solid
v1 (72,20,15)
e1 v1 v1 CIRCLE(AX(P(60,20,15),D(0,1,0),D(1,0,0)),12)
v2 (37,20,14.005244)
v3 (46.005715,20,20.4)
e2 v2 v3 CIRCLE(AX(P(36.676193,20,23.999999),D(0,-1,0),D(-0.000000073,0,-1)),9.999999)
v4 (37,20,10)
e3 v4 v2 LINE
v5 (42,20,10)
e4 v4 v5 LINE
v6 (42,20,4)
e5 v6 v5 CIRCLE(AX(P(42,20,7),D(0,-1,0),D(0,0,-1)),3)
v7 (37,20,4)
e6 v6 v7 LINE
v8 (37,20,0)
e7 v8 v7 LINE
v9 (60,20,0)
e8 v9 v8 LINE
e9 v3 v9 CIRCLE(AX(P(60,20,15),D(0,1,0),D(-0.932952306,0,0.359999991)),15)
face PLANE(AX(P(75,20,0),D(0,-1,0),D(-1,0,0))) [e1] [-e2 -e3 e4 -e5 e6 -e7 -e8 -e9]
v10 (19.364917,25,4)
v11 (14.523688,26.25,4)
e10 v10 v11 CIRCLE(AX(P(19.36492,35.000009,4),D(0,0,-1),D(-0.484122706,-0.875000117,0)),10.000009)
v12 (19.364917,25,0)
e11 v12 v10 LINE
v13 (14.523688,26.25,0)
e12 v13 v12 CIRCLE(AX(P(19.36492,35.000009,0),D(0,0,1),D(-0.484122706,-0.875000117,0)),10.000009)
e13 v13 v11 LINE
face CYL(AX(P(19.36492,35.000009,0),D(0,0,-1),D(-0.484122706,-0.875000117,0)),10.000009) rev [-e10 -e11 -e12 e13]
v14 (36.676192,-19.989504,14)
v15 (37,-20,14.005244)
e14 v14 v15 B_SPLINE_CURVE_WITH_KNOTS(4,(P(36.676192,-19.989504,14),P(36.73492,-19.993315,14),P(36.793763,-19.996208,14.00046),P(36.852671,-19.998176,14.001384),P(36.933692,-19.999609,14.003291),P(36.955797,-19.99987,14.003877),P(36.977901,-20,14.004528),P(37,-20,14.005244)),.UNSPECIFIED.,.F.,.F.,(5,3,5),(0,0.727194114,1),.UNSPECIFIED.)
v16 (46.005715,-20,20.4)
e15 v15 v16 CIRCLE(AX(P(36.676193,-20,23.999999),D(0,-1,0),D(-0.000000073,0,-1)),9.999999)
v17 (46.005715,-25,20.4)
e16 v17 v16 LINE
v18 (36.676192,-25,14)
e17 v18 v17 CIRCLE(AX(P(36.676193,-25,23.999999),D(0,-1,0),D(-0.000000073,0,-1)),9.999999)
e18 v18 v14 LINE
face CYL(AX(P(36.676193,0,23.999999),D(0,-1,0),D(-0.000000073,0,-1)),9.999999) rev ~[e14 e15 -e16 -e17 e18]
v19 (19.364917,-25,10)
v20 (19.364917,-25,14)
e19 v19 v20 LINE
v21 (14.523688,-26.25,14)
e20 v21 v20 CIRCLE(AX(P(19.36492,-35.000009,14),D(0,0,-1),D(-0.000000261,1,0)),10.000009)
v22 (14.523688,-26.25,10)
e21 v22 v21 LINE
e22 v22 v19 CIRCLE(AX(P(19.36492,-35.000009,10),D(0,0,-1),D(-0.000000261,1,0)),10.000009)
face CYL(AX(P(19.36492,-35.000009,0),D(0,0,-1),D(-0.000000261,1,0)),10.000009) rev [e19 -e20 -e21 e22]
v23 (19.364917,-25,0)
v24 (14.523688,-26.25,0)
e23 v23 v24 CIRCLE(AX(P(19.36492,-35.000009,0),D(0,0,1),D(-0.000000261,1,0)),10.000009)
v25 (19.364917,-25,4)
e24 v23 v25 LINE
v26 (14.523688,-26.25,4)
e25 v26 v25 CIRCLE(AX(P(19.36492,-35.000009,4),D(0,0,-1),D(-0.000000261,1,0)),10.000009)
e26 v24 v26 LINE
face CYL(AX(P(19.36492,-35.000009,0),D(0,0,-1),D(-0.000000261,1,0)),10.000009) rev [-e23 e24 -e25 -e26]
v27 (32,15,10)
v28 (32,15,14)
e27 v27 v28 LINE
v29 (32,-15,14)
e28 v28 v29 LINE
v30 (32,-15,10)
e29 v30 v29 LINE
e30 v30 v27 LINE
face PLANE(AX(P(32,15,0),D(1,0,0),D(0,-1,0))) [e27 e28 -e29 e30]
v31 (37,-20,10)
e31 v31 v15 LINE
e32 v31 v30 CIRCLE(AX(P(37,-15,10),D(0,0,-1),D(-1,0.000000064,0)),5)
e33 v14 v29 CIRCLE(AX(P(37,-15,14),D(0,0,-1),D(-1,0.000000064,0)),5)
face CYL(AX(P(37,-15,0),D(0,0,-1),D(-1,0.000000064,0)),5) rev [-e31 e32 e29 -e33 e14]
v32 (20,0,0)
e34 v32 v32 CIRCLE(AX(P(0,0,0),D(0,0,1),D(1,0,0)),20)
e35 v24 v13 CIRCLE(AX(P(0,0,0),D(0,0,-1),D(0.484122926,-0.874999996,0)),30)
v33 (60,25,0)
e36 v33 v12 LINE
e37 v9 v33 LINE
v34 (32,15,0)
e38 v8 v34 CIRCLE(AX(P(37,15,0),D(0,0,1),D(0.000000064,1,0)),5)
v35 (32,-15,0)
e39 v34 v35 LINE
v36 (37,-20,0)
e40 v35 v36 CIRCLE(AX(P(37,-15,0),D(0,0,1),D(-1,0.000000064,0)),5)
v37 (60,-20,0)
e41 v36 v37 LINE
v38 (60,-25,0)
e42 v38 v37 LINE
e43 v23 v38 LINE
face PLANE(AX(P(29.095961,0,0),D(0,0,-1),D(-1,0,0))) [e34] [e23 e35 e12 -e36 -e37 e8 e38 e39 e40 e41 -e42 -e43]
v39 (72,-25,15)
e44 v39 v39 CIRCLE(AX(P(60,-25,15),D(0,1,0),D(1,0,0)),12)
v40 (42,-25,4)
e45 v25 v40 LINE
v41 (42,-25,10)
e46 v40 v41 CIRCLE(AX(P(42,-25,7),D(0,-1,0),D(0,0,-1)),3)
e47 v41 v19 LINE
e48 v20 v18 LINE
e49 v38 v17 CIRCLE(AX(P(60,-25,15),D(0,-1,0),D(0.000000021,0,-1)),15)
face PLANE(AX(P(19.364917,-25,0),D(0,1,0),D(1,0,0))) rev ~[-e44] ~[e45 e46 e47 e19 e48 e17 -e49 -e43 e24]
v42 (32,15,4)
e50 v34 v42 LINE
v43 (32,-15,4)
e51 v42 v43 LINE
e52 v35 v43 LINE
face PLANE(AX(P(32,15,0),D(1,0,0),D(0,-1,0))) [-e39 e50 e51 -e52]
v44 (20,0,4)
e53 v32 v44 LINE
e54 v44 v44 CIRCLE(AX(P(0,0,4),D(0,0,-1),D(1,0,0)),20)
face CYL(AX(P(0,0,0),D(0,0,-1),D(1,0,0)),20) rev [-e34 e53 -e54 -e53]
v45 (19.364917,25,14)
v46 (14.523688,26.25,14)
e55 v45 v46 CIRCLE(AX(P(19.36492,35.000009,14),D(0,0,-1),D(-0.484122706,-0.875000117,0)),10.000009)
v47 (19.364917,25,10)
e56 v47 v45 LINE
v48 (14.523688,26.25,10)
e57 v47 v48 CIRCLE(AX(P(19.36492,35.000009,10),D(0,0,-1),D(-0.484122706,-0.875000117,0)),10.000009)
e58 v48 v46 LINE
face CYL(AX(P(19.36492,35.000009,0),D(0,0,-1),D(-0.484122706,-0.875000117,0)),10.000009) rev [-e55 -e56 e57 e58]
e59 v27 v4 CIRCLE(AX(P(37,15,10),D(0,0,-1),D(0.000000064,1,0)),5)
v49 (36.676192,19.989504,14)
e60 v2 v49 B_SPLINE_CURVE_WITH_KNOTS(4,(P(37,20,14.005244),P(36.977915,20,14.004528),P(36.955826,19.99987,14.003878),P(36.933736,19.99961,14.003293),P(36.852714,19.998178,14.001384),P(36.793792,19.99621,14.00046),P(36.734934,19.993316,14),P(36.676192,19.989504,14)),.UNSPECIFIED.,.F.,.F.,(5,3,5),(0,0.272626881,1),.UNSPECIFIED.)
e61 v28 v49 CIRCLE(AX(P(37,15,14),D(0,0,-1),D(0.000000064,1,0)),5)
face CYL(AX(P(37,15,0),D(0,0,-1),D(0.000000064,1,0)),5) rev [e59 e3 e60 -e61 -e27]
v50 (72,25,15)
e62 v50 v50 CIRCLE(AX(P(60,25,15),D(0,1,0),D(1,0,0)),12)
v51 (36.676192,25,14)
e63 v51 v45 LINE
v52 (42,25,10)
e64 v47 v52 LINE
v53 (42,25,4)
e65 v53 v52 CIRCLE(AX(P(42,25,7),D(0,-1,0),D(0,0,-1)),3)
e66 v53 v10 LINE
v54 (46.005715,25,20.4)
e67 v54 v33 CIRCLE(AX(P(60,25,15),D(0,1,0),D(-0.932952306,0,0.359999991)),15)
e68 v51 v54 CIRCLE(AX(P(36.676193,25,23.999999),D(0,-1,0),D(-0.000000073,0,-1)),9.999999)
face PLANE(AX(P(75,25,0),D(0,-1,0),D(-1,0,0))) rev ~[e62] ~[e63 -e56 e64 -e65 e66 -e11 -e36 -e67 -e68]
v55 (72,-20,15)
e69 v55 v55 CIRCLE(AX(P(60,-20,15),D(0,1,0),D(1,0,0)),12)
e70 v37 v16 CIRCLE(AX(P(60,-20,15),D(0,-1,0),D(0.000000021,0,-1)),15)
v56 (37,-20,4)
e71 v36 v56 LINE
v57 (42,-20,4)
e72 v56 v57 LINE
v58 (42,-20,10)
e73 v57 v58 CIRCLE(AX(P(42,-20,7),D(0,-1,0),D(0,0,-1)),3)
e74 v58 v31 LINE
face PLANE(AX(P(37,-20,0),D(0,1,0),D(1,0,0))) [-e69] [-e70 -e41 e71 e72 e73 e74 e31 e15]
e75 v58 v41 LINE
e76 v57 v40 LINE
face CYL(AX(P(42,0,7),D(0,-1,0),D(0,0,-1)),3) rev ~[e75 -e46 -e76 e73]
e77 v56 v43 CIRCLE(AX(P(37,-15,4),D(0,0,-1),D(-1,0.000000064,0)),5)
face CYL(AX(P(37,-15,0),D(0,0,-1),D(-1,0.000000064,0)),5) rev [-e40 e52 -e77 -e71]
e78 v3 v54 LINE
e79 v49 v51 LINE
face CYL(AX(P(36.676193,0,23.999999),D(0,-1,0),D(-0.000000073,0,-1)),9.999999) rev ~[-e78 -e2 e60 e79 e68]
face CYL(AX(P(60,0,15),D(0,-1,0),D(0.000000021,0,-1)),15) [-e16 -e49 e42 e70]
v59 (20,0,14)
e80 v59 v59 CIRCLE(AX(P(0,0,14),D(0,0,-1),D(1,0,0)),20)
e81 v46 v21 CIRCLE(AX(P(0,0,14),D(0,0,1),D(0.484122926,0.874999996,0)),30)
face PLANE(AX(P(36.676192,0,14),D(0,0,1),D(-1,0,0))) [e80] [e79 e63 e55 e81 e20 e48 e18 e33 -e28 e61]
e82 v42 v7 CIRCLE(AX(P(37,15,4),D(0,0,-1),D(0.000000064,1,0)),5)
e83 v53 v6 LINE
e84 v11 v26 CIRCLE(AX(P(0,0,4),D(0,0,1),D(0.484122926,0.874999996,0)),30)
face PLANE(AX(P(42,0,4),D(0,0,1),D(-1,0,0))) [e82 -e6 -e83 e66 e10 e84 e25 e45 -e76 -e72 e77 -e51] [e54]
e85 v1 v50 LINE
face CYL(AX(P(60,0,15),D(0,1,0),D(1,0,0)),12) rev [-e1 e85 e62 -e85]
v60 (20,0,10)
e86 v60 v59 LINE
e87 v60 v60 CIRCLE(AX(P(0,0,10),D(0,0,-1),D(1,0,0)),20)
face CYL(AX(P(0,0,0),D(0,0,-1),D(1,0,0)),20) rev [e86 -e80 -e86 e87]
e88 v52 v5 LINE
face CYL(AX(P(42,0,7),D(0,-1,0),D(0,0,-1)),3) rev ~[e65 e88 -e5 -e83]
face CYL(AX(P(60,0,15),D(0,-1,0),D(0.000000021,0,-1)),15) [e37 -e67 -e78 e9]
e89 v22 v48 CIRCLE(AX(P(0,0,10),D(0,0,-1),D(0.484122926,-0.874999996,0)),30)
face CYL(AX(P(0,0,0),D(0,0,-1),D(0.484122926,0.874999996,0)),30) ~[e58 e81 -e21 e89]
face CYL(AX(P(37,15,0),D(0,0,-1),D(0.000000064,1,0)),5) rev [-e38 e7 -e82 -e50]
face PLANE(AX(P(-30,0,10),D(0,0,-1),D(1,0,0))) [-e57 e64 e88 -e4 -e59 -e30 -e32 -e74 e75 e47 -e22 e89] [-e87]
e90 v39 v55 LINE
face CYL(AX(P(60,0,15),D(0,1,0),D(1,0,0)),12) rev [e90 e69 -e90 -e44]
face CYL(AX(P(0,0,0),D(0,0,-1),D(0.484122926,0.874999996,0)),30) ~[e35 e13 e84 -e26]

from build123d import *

# Parameters (mm, degrees)
SKETCH002_R  = 12
PAD001_DEPTH = 30
SKETCH_R     = 20
PAD_DEPTH    = 30


with BuildPart() as body_seitenansicht:
    # Sketch002 → Pad001 (new body, symmetric)
    with BuildSketch(Plane.XZ):
        with BuildLine():
            Line((-30, 14), (-30, 10))
            Line((-30, 10), (42, 10))
            ThreePointArc((42, 4), (45, 7), (42, 10))
            Line((42, 4), (-30, 4))
            Line((-30, 4), (-30, 0))
            Line((-30, 0), (60, 0))
            ThreePointArc((60, 0), (72.369317, 23.485281), (46.005715, 20.4))
            ThreePointArc((36.676192, 14), (42.333047, 15.753789), (46.005715, 20.4))
            Line((36.676192, 14), (-30, 14))
        make_face()
        with Locations((60, 15)):
            Circle(SKETCH002_R, mode=Mode.SUBTRACT)
    extrude(amount=PAD001_DEPTH, both=True)


with BuildPart() as body_draufsicht:
    # Sketch → Pad (new body)
    with BuildSketch(Plane.XY):
        with BuildLine():
            Line((75, 25), (75, 20))
            Line((75, 20), (37, 20))
            ThreePointArc((37, 20), (33.464466, 18.535534), (32, 15))
            Line((32, 15), (32, -15))
            ThreePointArc((32, -15), (33.464466, -18.535534), (37, -20))
            Line((37, -20), (75, -20))
            Line((75, -20), (75, -25))
            Line((19.364917, -25), (75, -25))
            ThreePointArc((19.364917, -25), (16.864917, -25.317542), (14.523688, -26.25))
            ThreePointArc((14.523688, 26.25), (-30, 0), (14.523688, -26.25))
            ThreePointArc((14.523688, 26.25), (16.864917, 25.317542), (19.364917, 25))
            Line((75, 25), (19.364917, 25))
        make_face()
        Circle(SKETCH_R, mode=Mode.SUBTRACT)
    extrude(amount=PAD_DEPTH)

    # Boolean: intersect body_seitenansicht
    add(body_seitenansicht.part, mode=Mode.INTERSECT)


solid = body_draufsicht.part
